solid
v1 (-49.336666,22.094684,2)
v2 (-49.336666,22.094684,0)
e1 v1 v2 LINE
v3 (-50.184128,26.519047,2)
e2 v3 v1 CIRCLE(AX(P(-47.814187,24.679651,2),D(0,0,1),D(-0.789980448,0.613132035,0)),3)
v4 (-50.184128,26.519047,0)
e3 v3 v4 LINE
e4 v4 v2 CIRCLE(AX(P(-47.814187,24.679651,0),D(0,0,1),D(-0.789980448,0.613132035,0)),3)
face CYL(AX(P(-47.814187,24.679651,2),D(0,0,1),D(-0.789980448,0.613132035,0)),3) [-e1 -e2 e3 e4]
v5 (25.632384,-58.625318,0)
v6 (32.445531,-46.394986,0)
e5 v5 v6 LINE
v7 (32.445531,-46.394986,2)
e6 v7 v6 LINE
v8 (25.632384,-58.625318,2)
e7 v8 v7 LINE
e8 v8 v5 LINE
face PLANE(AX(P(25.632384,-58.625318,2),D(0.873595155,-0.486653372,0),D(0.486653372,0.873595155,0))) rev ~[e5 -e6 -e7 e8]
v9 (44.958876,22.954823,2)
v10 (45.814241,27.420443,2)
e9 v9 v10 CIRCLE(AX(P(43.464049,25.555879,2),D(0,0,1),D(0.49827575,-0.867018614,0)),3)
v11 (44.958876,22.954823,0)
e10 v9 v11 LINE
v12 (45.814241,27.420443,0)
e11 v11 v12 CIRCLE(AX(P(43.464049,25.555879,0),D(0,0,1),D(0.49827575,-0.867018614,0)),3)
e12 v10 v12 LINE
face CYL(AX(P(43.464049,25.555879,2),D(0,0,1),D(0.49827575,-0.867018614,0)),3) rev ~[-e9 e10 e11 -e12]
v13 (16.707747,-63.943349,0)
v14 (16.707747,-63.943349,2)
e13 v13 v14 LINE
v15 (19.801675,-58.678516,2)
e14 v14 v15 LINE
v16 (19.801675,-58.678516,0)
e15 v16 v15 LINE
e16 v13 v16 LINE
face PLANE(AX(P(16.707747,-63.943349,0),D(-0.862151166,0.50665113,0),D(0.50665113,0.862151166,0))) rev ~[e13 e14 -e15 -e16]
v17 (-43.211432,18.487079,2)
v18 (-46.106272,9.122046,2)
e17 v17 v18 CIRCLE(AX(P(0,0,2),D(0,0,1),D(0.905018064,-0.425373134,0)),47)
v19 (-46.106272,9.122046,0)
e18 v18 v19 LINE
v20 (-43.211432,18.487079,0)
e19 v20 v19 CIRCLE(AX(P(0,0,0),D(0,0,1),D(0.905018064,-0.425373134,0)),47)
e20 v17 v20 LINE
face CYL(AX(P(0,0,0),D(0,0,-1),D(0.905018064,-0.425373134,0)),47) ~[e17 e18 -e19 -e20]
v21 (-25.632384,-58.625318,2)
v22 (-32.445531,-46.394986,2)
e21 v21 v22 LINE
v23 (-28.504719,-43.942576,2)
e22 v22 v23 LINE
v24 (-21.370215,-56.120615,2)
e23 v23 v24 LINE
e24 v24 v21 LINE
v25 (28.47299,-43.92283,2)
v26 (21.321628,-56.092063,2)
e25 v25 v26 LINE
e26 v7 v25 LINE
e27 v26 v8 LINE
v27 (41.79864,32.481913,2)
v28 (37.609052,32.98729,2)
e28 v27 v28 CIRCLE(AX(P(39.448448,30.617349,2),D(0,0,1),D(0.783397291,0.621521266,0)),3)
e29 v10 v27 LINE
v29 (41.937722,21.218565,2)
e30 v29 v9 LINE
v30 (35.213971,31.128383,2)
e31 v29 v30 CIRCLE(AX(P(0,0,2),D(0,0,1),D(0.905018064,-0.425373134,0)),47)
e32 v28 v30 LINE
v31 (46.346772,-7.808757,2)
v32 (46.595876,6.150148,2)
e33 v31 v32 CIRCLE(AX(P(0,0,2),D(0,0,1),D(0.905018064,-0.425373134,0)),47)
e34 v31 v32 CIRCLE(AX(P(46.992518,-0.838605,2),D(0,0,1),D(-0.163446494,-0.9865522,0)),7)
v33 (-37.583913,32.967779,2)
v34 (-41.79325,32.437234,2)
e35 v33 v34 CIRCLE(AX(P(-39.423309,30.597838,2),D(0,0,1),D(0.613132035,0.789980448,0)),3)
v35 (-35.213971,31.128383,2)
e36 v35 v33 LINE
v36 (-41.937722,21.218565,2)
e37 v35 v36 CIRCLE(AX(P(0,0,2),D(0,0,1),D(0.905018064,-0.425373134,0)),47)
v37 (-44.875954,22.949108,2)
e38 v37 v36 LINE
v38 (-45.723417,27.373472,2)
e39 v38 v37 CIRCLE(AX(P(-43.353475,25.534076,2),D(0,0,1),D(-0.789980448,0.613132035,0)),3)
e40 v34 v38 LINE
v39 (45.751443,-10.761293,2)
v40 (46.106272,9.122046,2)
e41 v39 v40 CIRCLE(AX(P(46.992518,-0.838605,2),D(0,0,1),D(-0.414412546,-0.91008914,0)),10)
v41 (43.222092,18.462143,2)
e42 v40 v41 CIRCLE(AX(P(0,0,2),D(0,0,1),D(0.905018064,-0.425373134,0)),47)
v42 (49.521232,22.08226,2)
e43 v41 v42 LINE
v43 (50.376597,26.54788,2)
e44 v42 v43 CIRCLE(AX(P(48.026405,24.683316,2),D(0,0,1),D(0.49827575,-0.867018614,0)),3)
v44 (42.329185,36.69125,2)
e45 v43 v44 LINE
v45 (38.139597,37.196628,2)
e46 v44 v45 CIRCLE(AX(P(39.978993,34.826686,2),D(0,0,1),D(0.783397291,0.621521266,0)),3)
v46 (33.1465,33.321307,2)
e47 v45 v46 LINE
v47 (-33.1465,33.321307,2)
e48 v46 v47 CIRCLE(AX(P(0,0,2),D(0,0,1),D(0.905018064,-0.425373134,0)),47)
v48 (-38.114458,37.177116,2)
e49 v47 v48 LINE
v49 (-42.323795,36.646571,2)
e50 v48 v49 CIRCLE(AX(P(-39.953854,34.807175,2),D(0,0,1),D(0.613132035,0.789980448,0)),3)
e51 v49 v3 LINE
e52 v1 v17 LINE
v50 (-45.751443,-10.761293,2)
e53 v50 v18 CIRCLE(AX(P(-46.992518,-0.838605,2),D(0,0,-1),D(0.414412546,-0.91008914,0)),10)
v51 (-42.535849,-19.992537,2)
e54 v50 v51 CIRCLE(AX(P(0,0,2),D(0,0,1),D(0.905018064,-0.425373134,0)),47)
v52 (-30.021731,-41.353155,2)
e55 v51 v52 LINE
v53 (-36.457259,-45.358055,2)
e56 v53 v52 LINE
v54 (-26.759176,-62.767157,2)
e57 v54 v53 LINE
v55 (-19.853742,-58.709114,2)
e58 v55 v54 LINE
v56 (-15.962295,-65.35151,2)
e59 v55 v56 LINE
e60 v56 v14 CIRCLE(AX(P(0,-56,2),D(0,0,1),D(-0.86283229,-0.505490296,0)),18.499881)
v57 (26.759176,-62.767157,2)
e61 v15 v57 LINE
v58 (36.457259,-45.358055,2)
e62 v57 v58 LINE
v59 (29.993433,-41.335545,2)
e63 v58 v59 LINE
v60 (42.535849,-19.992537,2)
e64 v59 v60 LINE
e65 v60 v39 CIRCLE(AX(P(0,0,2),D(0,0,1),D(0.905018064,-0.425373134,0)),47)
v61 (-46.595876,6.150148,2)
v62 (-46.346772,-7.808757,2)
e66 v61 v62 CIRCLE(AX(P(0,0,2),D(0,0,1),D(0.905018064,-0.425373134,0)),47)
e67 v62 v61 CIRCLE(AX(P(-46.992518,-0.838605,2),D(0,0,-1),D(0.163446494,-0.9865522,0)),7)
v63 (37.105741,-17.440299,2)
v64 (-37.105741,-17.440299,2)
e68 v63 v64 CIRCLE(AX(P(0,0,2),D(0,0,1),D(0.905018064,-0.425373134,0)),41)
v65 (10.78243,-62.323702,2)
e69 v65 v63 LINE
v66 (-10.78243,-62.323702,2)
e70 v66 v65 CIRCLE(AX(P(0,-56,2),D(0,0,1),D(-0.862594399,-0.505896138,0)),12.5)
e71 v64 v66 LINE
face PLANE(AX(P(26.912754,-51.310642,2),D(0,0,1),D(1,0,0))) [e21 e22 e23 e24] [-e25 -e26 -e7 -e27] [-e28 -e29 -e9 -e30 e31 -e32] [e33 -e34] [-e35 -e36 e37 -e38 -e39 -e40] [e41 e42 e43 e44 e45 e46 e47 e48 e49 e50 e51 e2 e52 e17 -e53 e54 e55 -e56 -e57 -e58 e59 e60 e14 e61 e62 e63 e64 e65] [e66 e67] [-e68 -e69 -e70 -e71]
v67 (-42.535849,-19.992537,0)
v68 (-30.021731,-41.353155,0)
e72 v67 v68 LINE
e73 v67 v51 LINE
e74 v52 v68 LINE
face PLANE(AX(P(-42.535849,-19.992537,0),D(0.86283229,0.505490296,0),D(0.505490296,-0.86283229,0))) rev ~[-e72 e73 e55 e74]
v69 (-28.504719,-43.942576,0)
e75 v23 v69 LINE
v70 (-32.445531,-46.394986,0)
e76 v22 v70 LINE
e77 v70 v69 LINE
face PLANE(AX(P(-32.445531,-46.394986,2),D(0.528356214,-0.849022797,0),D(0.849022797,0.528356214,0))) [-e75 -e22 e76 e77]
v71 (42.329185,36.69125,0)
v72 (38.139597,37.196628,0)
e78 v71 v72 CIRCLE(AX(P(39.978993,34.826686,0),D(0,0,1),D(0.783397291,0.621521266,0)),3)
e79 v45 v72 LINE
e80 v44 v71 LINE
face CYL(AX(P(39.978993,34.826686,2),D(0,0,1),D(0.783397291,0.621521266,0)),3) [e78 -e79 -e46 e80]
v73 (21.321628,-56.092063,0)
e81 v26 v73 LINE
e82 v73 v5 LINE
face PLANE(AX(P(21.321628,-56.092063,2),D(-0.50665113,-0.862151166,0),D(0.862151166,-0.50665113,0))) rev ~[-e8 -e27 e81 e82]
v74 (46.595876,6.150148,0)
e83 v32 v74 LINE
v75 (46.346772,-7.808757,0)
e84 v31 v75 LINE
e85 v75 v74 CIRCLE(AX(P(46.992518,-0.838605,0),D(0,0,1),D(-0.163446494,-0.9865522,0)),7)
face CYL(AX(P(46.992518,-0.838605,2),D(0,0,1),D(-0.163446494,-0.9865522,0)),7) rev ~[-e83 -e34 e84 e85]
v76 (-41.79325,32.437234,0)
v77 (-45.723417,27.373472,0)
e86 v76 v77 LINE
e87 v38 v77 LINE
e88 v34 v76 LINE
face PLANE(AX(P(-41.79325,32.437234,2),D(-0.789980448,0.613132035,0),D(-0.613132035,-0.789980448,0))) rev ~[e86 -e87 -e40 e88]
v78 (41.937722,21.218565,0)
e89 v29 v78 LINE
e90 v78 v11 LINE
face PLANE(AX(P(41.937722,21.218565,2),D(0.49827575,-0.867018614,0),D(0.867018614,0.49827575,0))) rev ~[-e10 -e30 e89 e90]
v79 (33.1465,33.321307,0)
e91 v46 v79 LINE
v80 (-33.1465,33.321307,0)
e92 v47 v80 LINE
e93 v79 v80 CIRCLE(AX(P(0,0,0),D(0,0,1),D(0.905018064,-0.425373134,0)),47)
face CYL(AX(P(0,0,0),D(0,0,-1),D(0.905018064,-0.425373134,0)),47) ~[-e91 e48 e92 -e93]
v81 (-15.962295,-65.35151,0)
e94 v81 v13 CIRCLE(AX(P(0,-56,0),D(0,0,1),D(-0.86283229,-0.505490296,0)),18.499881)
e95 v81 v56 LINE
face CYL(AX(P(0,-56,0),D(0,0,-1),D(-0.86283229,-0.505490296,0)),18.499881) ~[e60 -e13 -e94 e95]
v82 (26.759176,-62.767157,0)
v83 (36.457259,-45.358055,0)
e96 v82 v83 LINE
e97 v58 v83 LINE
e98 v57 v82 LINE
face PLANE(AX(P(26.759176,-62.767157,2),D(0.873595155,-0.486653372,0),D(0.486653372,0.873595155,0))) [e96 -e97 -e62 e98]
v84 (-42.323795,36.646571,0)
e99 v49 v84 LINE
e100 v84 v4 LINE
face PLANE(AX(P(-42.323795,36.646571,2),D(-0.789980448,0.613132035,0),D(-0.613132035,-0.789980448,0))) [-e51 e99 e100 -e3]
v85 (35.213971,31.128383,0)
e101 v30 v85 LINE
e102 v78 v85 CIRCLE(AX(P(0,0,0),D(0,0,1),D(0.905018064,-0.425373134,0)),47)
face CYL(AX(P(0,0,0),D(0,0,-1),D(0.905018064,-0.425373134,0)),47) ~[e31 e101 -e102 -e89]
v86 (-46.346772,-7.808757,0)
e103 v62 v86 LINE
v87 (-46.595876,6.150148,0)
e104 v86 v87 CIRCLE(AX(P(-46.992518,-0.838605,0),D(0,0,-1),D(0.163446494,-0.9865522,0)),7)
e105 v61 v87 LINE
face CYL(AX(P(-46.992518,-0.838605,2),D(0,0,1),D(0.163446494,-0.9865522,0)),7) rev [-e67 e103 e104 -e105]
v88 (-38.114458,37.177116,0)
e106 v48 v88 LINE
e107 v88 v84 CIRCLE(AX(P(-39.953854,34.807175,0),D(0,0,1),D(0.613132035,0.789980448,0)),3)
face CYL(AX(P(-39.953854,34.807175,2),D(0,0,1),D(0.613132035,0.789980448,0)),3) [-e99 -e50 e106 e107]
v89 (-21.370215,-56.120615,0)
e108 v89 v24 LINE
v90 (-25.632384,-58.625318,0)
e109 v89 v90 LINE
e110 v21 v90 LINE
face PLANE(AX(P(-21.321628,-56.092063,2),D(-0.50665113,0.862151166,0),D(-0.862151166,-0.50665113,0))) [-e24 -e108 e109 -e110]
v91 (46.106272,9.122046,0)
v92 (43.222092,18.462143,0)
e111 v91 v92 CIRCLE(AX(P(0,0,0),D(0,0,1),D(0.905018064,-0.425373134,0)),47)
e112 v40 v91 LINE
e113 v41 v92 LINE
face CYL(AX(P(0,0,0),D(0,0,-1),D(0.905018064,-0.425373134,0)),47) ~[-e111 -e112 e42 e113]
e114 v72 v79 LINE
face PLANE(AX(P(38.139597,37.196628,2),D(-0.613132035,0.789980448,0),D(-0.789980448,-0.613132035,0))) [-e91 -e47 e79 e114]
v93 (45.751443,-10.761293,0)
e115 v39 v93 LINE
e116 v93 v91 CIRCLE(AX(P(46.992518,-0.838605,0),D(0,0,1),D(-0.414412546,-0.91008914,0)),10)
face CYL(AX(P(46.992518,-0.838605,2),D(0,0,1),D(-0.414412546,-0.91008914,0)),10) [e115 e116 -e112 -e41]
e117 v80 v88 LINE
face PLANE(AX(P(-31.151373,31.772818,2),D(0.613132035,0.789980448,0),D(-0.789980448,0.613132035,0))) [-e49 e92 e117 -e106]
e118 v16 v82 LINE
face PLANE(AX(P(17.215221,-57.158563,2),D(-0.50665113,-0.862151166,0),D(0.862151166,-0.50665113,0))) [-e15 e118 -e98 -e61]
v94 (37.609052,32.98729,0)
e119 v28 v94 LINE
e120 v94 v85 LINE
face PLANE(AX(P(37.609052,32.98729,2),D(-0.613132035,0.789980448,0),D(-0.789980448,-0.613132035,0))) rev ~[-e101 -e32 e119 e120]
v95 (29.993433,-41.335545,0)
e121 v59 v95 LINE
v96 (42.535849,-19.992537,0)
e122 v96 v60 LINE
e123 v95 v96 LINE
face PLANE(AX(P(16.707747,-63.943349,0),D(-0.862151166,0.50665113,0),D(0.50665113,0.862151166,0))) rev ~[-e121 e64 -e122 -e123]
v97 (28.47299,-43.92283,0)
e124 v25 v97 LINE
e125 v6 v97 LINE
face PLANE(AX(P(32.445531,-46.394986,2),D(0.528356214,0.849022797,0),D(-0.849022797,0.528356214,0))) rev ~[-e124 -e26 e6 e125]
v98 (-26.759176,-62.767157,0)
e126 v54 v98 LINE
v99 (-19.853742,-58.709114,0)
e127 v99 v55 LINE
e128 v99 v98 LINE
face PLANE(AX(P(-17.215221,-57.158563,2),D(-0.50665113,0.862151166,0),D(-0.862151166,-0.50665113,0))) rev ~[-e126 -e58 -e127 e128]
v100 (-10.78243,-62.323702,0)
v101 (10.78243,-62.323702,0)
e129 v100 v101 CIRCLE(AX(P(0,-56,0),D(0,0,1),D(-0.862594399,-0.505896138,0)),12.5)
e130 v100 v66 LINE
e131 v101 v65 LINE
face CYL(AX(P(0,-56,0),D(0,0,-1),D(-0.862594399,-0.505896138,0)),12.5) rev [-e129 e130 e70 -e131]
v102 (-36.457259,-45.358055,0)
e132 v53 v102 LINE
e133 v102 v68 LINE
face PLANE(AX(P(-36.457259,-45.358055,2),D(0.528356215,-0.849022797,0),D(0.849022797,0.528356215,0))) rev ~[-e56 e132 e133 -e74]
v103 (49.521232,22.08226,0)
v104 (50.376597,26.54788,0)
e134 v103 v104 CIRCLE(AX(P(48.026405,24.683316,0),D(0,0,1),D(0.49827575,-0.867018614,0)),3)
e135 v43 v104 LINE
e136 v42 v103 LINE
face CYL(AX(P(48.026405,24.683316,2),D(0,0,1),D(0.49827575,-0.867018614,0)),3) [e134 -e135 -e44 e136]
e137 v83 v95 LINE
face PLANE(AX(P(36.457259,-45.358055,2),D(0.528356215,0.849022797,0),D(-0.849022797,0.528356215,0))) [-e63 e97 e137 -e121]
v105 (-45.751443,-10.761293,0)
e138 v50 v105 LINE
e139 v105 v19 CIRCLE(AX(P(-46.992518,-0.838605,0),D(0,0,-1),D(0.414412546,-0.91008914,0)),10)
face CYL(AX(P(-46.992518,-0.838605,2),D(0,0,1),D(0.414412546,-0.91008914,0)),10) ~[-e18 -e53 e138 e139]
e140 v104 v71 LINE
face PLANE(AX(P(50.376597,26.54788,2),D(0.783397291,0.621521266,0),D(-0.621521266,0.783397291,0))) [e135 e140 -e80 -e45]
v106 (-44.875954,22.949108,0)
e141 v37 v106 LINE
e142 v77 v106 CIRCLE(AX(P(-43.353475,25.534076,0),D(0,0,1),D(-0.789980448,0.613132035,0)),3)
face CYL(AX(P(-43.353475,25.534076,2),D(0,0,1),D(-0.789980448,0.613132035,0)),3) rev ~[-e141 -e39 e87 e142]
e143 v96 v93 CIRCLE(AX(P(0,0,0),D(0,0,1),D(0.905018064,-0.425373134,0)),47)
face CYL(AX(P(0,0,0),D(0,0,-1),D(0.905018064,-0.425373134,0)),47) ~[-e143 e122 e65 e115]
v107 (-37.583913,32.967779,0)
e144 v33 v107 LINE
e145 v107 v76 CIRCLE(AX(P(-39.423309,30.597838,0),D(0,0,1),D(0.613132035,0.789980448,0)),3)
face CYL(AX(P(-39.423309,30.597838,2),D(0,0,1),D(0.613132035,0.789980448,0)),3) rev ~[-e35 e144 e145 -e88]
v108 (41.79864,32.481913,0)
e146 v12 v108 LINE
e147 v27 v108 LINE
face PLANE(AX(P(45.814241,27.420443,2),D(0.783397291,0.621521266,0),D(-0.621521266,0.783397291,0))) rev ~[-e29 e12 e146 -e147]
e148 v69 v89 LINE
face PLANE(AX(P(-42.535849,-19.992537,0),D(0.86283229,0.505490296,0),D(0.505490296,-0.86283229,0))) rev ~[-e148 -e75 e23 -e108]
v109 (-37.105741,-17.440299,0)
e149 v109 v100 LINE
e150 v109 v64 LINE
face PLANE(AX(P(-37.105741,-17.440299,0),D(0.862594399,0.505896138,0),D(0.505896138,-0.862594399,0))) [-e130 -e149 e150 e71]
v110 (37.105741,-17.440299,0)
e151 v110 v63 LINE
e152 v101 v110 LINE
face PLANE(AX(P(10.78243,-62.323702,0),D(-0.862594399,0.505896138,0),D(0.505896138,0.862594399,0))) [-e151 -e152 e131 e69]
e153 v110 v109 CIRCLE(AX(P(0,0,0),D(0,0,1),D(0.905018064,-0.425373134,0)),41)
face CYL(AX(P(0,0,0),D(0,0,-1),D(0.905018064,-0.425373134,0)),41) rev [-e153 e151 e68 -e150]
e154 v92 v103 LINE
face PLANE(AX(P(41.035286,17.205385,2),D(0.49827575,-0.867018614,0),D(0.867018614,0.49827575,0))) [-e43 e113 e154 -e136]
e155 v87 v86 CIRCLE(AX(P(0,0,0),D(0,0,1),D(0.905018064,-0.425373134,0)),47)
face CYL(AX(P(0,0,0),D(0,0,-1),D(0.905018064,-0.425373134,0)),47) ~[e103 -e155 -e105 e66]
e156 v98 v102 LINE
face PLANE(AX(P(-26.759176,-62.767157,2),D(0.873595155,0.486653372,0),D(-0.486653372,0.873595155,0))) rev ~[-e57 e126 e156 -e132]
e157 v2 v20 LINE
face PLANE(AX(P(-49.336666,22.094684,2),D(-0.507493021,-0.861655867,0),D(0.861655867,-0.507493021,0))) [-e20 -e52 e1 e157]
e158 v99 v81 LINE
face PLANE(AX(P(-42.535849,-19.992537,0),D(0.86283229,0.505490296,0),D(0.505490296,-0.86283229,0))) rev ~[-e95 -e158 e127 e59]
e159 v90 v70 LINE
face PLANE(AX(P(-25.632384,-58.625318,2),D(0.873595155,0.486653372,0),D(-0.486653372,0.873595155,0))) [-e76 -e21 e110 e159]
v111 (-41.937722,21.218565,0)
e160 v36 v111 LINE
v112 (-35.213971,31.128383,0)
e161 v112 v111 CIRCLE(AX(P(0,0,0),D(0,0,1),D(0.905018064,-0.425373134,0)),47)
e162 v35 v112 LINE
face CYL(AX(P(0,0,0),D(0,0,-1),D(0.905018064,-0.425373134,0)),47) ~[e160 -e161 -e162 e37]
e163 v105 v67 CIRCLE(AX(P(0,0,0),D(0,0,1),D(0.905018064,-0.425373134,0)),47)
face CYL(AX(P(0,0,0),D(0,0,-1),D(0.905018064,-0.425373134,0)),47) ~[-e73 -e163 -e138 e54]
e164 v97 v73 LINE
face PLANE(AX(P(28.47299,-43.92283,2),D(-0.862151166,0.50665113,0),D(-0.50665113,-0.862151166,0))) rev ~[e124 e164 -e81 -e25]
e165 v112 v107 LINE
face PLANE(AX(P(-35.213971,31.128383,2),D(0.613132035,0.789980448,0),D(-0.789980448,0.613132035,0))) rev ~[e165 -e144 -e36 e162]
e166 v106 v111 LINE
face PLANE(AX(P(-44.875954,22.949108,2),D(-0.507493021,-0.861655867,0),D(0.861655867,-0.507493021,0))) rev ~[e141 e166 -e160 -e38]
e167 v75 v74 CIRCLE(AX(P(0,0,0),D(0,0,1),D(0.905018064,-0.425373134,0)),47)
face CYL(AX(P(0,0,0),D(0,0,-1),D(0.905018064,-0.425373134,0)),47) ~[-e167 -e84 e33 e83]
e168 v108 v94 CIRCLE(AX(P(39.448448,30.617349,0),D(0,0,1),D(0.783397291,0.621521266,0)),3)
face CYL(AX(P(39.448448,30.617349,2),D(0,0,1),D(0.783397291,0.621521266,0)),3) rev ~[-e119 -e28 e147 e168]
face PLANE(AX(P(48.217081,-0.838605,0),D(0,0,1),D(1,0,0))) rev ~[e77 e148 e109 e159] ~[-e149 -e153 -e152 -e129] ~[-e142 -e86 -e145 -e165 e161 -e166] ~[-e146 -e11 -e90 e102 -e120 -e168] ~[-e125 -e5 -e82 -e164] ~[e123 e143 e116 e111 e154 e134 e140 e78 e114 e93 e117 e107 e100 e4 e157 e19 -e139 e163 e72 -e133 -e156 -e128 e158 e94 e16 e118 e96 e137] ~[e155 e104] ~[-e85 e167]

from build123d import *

# Parameters (mm, degrees)
BOSS_EXTRUDE1_DEPTH = 2
BOSS_EXTRUDE2_DEPTH = 2
BOSS_EXTRUDE3_DEPTH = 2
BOSS_EXTRUDE4_DEPTH = 2


with BuildPart() as part:
    # Sketch1 → Boss-Extrude1 (new body)
    with BuildSketch(Plane.XY):
        with BuildLine():
            Line((-42.535849019, -19.992537313), (-15.962294716, -65.351510343))
            ThreePointArc((-15.962294716, -65.351510343), (0.796651985, -74.482720143), (16.707746892, -63.94334892))
            Line((16.707746892, -63.94334892), (42.535849019, -19.992537313))
            ThreePointArc((42.535849019, -19.992537313), (0, 47), (-42.535849019, -19.992537313))
        make_face()
        with BuildLine():
            Line((-37.105740634, -17.440298507), (-10.782429992, -62.323701721))
            ThreePointArc((-10.782429992, -62.323701721), (0, -68.5), (10.782429992, -62.323701721))
            Line((10.782429992, -62.323701721), (37.105740634, -17.440298507))
            ThreePointArc((37.105740634, -17.440298507), (0, 41), (-37.105740634, -17.440298507))
        make_face(mode=Mode.SUBTRACT)
    extrude(amount=BOSS_EXTRUDE1_DEPTH)

    # Sketch2 → Boss-Extrude2 (add)
    # profile 1 of 2: a face of its own
    with BuildSketch(Plane.XY.offset(2)):
        Polygon((26.759176347, -62.767156645), (36.457259187, -45.358054665), (27.445544724, -39.749965749), (17.215221157, -57.158562848), align=None)
        Polygon((28.472990289, -43.922830436), (21.321628044, -56.09206274), (25.632383873, -58.62531839), (32.445531084, -46.394986216), align=None, mode=Mode.SUBTRACT)
    # profile 2 of 2: a face of its own
    with BuildSketch(Plane.XY.offset(2)):
        Polygon((-17.215221157, -57.158562848), (-26.759176347, -62.767156645), (-36.457259187, -45.358054665), (-27.445544724, -39.749965749), align=None)
        Polygon((-32.445531084, -46.394986216), (-28.472990289, -43.922830436), (-21.321628044, -56.09206274), (-25.632383873, -58.62531839), align=None, mode=Mode.SUBTRACT)
    extrude(amount=-BOSS_EXTRUDE2_DEPTH)

    # Sketch3 → Boss-Extrude3 (add)
    # profile 1 of 2: a face of its own
    with BuildSketch(Plane.XY.offset(2)):
        with BuildLine():
            Line((-31.151373165, 31.772817784), (-38.114457897, 37.177116489))
            ThreePointArc((-38.114457897, 37.177116489), (-40.329006137, 37.783626199), (-42.323795344, 36.64657125))
            Line((-42.323795344, 36.64657125), (-50.184128352, 26.519047267))
            ThreePointArc((-50.184128352, 26.519047267), (-50.760622602, 24.115277799), (-49.336666072, 22.094683561))
            Line((-49.336666072, 22.094683561), (-41.03528616, 17.205385487))
            Line((-41.03528616, 17.205385487), (-31.151373165, 31.772817784))
        make_face()
        with BuildLine():
            Line((-35.213971315, 31.128382936), (-37.583912658, 32.967779041))
            ThreePointArc((-37.583912658, 32.967779041), (-39.798460899, 33.574288752), (-41.793250106, 32.437233803))
            Line((-41.793250106, 32.437233803), (-45.72341661, 27.373471811))
            ThreePointArc((-45.72341661, 27.373471811), (-46.29991086, 24.969702343), (-44.87595433, 22.949108105))
            Line((-44.87595433, 22.949108105), (-41.937721652, 21.218565047))
            Line((-41.937721652, 21.218565047), (-35.213971315, 31.128382936))
        make_face(mode=Mode.SUBTRACT)
    # profile 2 of 2: a face of its own
    with BuildSketch(Plane.XY.offset(2)):
        with BuildLine():
            Line((31.151373165, 31.772817784), (41.03528616, 17.205385487))
            Line((41.03528616, 17.205385487), (49.521231884, 22.082259987))
            ThreePointArc((49.521231884, 22.082259987), (50.972840228, 24.118942465), (50.376596508, 26.547879626))
            Line((50.376596508, 26.547879626), (42.329184832, 36.691250185))
            ThreePointArc((42.329184832, 36.691250185), (40.338269585, 37.80509541), (38.139596853, 37.19662773))
            Line((38.139596853, 37.19662773), (31.151373165, 31.772817784))
        make_face()
        with BuildLine():
            Line((35.213971315, 31.128382936), (41.937721652, 21.218565047))
            Line((41.937721652, 21.218565047), (44.9588763, 22.954823155))
            ThreePointArc((44.9588763, 22.954823155), (46.410484644, 24.991505634), (45.814240924, 27.420442794))
            Line((45.814240924, 27.420442794), (41.798639593, 32.481912737))
            ThreePointArc((41.798639593, 32.481912737), (39.807724347, 33.595757962), (37.609051614, 32.987290283))
            Line((37.609051614, 32.987290283), (35.213971315, 31.128382936))
        make_face(mode=Mode.SUBTRACT)
    extrude(amount=-BOSS_EXTRUDE3_DEPTH)

    # Sketch4 → Boss-Extrude4 (add)
    # profile 1 of 2: a face of its own
    with BuildSketch(Plane.XY.offset(2)):
        with BuildLine():
            Line((42.848392472, 8.262286082), (42.848392472, -9.939496711))
            ThreePointArc((42.848392472, -9.939496711), (56.992517927, -0.838605315), (42.848392472, 8.262286082))
        make_face()
        with BuildLine():
            Line((45.848392472, 6.067260087), (45.848392472, -7.744470716))
            ThreePointArc((45.848392472, -7.744470716), (53.992517927, -0.838605315), (45.848392472, 6.067260087))
        make_face(mode=Mode.SUBTRACT)
    # profile 2 of 2: a face of its own
    with BuildSketch(Plane.XY.offset(2)):
        with BuildLine():
            Line((-42.848392472, 8.262286082), (-42.848392472, -9.939496711))
            ThreePointArc((-42.848392472, -9.939496711), (-56.992517927, -0.838605315), (-42.848392472, 8.262286082))
        make_face()
        with BuildLine():
            Line((-45.848392472, 6.067260087), (-45.848392472, -7.744470716))
            ThreePointArc((-45.848392472, -7.744470716), (-53.992517927, -0.838605315), (-45.848392472, 6.067260087))
        make_face(mode=Mode.SUBTRACT)
    extrude(amount=-BOSS_EXTRUDE4_DEPTH)


solid = part.part
